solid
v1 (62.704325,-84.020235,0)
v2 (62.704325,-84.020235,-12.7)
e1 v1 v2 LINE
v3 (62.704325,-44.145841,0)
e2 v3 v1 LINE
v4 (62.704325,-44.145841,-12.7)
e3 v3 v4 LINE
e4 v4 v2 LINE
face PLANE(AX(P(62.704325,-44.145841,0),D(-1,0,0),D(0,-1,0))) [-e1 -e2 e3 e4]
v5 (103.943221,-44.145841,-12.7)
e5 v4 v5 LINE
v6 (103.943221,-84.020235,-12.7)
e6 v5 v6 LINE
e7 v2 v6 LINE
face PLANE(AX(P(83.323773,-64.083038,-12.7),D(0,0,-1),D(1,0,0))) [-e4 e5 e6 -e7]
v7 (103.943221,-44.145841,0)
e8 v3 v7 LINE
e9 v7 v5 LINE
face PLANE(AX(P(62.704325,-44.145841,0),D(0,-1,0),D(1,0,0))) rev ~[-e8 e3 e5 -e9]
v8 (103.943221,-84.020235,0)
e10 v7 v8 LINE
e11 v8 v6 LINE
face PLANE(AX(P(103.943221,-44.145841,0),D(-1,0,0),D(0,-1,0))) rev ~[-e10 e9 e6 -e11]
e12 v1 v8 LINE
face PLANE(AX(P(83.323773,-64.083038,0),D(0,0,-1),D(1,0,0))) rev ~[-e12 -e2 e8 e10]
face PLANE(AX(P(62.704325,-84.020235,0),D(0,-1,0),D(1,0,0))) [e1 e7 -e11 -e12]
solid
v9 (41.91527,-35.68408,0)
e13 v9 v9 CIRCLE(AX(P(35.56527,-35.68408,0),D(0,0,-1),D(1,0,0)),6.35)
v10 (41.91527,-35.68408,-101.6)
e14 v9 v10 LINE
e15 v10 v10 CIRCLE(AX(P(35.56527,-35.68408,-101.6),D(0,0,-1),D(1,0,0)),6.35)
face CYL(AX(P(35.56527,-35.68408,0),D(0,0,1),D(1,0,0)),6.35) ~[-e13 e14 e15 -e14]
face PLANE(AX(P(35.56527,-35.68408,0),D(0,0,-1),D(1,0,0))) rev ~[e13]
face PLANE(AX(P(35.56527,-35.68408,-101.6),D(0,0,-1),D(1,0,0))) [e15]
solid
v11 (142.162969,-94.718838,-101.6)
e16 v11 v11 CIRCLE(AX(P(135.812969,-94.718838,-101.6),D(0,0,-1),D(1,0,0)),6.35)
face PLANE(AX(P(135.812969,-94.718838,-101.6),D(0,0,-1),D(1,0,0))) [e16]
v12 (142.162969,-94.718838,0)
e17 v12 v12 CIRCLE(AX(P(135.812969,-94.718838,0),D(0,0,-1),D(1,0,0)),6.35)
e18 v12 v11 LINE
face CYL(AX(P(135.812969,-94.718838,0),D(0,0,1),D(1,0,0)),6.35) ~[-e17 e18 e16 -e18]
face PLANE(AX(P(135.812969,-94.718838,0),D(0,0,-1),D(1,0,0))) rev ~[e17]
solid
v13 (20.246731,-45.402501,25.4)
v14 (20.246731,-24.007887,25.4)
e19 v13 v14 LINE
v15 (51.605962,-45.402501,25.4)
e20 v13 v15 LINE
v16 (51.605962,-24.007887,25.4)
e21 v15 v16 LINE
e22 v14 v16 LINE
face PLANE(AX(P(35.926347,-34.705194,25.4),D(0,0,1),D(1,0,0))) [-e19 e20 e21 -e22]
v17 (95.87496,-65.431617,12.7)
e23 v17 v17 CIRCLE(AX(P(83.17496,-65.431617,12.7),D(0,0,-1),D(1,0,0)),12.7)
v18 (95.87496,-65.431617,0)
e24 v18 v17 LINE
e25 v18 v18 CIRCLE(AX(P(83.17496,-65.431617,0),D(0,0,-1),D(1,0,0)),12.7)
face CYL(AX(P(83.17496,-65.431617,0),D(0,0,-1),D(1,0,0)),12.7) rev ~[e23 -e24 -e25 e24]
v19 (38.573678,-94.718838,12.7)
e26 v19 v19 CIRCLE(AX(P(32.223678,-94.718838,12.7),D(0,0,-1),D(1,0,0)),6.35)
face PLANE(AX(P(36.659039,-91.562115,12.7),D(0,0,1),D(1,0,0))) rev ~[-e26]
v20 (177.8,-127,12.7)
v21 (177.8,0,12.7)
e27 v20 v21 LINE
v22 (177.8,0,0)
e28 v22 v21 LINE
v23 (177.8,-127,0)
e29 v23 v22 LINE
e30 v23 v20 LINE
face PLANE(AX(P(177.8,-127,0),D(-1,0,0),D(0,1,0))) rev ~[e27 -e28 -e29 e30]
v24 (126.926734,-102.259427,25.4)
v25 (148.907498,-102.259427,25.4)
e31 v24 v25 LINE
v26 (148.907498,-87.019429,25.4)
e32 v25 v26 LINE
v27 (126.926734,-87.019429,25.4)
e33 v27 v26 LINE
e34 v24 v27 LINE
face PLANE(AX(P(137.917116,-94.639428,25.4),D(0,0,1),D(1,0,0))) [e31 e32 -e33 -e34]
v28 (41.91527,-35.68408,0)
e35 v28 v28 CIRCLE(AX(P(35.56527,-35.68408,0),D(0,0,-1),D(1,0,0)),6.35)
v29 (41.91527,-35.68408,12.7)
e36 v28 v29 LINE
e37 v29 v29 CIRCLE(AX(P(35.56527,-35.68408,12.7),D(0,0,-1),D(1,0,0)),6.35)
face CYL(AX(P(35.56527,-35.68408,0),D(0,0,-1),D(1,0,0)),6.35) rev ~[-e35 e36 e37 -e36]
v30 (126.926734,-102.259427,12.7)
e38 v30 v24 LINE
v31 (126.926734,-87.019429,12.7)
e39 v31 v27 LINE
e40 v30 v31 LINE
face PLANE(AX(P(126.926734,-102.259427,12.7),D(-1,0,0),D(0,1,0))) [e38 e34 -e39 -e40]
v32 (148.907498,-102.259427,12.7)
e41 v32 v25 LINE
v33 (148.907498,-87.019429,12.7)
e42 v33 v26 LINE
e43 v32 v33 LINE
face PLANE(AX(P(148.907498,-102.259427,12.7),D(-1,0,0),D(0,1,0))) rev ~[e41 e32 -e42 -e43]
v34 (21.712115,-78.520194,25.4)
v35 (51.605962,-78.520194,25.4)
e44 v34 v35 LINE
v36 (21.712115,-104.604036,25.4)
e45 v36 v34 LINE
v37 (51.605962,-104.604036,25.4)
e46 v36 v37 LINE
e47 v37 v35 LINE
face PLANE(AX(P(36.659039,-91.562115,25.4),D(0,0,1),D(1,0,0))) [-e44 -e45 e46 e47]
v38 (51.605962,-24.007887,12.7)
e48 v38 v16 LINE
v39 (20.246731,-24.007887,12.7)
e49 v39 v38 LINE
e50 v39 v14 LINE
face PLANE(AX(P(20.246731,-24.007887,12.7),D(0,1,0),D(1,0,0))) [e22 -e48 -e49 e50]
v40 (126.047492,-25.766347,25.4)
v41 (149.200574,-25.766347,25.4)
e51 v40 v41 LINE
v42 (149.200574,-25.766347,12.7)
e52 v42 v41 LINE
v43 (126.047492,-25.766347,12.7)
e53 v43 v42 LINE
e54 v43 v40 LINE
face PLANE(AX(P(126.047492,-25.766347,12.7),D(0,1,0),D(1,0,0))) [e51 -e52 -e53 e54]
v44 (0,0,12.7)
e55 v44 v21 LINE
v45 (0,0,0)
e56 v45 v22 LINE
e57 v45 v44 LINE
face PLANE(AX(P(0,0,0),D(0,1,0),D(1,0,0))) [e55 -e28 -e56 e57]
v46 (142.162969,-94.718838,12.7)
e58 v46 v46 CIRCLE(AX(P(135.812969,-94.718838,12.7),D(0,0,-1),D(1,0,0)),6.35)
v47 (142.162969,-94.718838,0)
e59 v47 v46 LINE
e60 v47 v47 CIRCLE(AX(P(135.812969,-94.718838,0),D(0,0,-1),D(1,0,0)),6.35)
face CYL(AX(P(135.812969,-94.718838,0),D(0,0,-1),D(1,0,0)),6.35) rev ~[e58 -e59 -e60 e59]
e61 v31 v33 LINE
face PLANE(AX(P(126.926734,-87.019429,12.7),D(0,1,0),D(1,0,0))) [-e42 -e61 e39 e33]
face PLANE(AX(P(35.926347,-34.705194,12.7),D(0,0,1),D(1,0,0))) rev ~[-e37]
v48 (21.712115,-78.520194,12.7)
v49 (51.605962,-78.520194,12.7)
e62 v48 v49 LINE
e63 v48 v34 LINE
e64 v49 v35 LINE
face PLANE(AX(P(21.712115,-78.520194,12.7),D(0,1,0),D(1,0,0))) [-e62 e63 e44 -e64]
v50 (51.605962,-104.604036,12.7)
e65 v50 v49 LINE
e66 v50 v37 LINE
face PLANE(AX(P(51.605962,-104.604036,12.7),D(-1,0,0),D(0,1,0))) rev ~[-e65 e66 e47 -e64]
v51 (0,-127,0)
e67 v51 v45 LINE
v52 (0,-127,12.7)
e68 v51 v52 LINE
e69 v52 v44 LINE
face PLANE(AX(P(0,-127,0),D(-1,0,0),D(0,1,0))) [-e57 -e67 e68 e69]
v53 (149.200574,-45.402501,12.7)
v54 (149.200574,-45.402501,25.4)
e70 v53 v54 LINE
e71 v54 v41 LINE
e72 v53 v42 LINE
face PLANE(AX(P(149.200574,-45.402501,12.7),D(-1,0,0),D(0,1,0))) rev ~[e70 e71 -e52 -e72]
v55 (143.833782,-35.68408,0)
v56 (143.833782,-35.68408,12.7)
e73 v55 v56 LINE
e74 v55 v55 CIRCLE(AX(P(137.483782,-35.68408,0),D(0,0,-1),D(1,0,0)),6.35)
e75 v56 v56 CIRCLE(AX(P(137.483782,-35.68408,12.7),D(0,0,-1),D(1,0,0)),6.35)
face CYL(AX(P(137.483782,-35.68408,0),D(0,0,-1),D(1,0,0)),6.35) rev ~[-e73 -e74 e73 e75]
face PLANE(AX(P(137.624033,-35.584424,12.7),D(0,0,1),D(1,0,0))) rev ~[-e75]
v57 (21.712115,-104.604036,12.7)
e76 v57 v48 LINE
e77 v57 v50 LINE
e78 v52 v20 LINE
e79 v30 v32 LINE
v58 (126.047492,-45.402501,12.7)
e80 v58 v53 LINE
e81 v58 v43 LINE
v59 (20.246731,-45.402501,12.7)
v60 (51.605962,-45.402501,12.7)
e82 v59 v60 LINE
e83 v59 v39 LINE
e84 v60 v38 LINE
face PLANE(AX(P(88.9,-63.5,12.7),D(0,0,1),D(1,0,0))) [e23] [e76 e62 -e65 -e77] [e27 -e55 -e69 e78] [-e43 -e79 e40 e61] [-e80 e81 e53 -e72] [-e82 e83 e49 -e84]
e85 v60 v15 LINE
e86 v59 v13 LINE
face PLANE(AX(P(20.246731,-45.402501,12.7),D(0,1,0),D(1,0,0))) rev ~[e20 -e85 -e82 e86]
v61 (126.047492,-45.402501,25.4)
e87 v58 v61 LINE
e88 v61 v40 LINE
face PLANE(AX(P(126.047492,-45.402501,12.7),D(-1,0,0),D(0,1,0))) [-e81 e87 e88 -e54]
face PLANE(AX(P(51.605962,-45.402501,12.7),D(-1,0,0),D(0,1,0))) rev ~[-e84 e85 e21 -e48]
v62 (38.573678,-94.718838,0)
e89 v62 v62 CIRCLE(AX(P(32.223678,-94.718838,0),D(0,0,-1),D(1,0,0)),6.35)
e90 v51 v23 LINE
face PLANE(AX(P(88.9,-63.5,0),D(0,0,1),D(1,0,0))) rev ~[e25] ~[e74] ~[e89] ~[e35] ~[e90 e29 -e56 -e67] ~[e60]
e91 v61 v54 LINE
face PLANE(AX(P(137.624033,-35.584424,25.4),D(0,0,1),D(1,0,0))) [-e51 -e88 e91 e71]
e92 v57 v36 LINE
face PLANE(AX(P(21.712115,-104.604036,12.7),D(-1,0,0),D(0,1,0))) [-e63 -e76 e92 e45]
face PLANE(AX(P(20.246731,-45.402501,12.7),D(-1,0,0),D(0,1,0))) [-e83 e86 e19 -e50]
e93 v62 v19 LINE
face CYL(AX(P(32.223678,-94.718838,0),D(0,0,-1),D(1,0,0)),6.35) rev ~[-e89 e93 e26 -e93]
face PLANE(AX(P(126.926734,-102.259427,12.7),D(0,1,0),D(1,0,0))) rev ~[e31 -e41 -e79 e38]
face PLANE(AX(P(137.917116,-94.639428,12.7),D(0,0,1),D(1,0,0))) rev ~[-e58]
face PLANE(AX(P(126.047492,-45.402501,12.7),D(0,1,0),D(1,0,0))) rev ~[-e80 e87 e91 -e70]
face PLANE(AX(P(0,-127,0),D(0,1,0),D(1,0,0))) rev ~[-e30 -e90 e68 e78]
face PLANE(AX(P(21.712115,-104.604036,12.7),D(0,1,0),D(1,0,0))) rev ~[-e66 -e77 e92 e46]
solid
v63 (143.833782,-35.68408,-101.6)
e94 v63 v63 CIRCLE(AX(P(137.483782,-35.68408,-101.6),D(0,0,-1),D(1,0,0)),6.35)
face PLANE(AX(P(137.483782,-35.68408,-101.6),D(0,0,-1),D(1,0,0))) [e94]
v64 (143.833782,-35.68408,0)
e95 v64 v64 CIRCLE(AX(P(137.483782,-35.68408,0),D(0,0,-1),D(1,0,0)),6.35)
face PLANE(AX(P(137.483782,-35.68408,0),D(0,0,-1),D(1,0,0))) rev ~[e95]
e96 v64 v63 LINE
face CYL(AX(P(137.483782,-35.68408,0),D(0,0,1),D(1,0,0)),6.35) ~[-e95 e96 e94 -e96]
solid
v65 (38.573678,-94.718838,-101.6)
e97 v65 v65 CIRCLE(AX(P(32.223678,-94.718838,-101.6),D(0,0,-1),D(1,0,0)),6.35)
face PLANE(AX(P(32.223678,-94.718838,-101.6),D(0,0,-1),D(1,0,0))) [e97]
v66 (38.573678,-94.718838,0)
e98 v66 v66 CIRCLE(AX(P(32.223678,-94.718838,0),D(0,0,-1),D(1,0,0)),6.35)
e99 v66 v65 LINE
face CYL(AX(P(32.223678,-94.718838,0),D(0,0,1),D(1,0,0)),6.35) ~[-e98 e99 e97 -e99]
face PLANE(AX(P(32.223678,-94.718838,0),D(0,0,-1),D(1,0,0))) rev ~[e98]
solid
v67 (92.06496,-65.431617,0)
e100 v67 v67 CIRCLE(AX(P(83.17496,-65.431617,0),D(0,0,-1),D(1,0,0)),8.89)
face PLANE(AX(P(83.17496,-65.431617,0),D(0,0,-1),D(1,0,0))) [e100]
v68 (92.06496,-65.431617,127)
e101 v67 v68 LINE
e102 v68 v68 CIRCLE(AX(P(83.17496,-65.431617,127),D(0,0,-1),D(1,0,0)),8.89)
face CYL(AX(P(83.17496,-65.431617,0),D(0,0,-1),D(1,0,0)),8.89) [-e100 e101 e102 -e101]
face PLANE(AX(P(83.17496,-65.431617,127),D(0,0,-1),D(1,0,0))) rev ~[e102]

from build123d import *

# Parameters (mm, degrees)
F0_W      = 177.8
F0_H      = 127
F1_DEPTH  = 12.7
F2_R      = 12.7
F2_R_2    = 6.35
F3_DEPTH  = 25.4
F4_R      = 8.89
F5_DEPTH  = 127
F6_W      = 41.238896
F6_H      = 39.874394
F7_DEPTH  = 12.7
F9_R      = 6.35
F10_DEPTH = 101.6
F11_W     = 23.153082
F11_H     = 19.636153
F11_W_2   = 31.359231
F11_H_2   = 21.394614
F11_W_3   = 29.893847
F11_H_3   = 26.083842
F11_W_4   = 21.980763
F11_H_4   = 15.239998
F12_DEPTH = 12.7


with BuildPart() as f1:
    # F0 (on Top) → F1 (new body)
    with BuildSketch(Plane.XY):
        with Locations((88.9, -63.5)):
            Rectangle(F0_W, F0_H)
    extrude(amount=F1_DEPTH)

    # F2 (on face) → F3 (cut)
    with BuildSketch(Plane(origin=(0, 0, 0), x_dir=(1, 0, 0), z_dir=(0, 0, -1))):
        with Locations((83.17496, 65.431617)):
            Circle(F2_R)
        with Locations((135.812969, 94.718838)):
            Circle(F2_R_2)
        with Locations((137.483782, 35.68408)):
            Circle(F2_R_2)
        with Locations((35.56527, 35.68408)):
            Circle(F2_R_2)
        with Locations((32.223678, 94.718838)):
            Circle(F2_R_2)
    extrude(amount=-F3_DEPTH, mode=Mode.SUBTRACT)

    # F11 (on face) → F12 (join)
    with BuildSketch(Plane.XY.offset(12.7)):
        with Locations((137.624033, -35.584424)):
            Rectangle(F11_W, F11_H)
        with Locations((35.926347, -34.705194)):
            Rectangle(F11_W_2, F11_H_2)
        with Locations((36.659039, -91.562115)):
            Rectangle(F11_W_3, F11_H_3)
        with Locations((137.917116, -94.639428)):
            Rectangle(F11_W_4, F11_H_4)
    extrude(amount=F12_DEPTH)


with BuildPart() as f5:
    # F4 (on face) → F5 (new body)
    with BuildSketch(Plane(origin=(0, 0, 0), x_dir=(1, 0, 0), z_dir=(0, 0, -1))):
        with Locations((83.17496, 65.431617)):
            Circle(F4_R)
    extrude(amount=-F5_DEPTH)


with BuildPart() as f7:
    # F6 (on face) → F7 (new body)
    with BuildSketch(Plane(origin=(0, 0, 0), x_dir=(1, 0, 0), z_dir=(0, 0, -1))):
        with Locations((83.323773, 64.083038)):
            Rectangle(F6_W, F6_H)
    extrude(amount=F7_DEPTH)


with BuildPart() as f10:
    # F9 (on face) → F10 (new body)
    with BuildSketch(Plane(origin=(0, 0, 0), x_dir=(1, 0, 0), z_dir=(0, 0, -1))):
        with Locations((32.223678, 94.718838)):
            Circle(F9_R)
        with Locations((135.812969, 94.718838)):
            Circle(F9_R)
        with Locations((137.483782, 35.68408)):
            Circle(F9_R)
        with Locations((35.56527, 35.68408)):
            Circle(F9_R)
    extrude(amount=F10_DEPTH)


solid = Compound([f1.part, f5.part, f7.part, f10.part])
